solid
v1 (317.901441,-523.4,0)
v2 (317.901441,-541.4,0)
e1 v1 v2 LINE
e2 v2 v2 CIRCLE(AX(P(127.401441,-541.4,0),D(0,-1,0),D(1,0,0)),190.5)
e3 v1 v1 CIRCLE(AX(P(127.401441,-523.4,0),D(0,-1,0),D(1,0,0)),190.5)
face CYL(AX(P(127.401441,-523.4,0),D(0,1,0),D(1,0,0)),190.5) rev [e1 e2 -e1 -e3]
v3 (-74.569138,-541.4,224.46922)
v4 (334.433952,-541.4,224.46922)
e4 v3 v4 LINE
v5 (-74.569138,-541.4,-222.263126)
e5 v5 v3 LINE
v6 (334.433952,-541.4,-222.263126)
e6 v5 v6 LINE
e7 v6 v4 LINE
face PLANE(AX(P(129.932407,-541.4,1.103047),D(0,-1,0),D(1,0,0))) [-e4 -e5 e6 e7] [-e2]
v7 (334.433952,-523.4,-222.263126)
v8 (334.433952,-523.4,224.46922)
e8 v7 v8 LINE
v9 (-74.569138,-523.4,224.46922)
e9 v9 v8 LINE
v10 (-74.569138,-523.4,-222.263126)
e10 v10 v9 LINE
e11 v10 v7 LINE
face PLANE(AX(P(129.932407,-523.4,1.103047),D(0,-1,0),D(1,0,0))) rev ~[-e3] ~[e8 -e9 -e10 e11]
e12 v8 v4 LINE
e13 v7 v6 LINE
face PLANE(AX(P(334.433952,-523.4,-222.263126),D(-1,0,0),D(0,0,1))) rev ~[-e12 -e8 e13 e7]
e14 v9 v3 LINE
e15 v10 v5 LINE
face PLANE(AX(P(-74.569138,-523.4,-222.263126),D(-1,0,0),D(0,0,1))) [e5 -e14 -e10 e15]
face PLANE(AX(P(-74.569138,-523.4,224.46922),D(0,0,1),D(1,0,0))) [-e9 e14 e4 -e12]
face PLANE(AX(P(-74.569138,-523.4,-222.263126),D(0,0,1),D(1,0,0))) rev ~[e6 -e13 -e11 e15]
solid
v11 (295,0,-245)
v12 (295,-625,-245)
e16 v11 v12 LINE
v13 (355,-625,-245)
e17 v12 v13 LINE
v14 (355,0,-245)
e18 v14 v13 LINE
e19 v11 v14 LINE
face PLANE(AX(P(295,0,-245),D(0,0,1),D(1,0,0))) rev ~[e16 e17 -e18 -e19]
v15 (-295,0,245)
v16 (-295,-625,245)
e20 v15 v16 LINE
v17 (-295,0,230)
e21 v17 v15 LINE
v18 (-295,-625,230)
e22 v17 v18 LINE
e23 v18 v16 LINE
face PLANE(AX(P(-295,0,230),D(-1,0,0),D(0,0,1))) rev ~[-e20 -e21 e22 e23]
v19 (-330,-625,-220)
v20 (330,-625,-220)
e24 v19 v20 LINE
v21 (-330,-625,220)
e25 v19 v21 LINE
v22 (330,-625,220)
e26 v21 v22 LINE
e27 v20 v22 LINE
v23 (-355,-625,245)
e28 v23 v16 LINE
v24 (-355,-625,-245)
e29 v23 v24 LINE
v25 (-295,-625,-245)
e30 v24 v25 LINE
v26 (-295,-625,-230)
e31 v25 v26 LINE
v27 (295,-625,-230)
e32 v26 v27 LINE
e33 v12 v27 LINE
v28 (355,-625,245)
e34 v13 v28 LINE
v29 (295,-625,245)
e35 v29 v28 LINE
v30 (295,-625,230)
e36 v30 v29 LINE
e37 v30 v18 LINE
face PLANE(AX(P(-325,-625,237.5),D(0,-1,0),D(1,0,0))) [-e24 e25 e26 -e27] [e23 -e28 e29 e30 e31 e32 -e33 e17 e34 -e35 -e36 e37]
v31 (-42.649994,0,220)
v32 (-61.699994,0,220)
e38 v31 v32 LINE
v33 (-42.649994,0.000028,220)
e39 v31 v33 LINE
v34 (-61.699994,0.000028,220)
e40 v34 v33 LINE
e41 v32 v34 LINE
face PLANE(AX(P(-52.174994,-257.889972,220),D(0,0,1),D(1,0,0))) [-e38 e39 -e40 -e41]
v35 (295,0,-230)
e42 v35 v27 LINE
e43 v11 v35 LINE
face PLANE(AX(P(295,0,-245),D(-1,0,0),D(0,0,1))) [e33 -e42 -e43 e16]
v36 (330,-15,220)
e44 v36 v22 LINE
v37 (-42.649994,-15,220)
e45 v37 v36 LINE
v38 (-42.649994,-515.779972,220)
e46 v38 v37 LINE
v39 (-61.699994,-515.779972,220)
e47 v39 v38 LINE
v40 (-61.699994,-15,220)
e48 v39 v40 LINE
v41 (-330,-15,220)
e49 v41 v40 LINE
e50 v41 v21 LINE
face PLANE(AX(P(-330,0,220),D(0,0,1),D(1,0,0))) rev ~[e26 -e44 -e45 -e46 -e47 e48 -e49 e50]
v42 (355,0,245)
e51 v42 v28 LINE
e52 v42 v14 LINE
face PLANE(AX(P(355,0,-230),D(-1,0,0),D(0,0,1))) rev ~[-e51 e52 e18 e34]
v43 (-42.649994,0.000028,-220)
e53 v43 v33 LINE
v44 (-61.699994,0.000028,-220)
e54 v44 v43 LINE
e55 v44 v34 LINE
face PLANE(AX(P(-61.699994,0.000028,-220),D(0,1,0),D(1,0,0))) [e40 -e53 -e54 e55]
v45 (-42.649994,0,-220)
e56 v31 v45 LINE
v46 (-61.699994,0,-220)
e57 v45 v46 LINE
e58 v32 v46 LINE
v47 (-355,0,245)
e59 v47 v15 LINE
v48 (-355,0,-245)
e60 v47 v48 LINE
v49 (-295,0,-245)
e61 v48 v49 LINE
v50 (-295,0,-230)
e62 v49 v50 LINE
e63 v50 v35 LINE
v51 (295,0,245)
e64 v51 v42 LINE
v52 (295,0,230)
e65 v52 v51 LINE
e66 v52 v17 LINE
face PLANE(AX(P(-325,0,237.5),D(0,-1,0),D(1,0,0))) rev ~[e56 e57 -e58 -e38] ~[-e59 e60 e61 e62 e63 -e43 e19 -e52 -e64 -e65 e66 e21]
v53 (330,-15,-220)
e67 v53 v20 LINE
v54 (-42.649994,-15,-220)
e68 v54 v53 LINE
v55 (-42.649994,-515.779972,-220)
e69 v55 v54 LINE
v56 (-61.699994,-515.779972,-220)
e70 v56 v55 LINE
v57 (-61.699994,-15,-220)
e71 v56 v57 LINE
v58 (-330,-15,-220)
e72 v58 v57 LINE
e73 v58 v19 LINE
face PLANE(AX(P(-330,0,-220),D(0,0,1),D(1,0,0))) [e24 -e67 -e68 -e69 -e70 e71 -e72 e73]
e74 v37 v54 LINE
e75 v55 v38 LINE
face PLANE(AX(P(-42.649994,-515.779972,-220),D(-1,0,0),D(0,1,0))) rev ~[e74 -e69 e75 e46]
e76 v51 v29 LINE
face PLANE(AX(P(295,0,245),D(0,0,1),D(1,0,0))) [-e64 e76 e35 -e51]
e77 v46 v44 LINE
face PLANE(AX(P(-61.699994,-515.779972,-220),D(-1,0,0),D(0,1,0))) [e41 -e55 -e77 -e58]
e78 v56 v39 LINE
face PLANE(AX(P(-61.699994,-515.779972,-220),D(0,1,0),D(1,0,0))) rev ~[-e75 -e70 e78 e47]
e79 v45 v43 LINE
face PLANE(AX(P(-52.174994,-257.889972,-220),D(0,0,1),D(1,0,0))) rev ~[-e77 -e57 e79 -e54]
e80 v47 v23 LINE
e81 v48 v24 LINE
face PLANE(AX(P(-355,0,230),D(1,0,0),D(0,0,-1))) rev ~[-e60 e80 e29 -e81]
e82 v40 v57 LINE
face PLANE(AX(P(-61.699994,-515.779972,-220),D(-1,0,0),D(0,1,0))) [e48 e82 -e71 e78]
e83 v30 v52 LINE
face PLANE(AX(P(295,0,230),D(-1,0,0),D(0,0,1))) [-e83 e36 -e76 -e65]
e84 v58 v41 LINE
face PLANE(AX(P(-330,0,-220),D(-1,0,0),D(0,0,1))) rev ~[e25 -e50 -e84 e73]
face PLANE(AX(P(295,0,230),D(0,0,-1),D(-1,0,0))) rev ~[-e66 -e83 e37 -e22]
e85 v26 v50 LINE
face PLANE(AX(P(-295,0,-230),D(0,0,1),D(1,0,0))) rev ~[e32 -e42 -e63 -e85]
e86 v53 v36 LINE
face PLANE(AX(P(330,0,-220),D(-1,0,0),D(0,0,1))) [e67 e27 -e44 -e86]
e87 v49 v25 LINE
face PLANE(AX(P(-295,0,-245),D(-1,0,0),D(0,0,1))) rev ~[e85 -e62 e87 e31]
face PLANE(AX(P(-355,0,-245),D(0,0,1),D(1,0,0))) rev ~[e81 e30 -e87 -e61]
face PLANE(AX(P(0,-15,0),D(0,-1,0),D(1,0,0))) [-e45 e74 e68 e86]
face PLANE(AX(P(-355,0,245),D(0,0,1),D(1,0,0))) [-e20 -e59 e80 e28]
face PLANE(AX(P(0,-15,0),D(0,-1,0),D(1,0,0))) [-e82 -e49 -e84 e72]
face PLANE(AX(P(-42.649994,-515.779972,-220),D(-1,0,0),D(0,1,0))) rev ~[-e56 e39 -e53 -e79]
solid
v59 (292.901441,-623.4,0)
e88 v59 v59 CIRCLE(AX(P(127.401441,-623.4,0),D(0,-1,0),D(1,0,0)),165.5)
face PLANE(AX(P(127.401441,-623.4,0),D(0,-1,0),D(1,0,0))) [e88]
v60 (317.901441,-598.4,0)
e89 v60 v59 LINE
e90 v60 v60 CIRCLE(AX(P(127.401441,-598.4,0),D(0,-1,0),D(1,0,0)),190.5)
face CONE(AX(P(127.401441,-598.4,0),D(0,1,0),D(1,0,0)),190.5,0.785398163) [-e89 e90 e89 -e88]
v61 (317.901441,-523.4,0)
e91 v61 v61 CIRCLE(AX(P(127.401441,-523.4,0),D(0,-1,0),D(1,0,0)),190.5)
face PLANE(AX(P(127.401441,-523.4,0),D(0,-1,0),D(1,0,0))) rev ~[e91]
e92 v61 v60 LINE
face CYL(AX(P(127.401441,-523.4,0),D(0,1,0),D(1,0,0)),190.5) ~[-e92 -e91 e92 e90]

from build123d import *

# Parameters (mm, degrees)
F0_W     = 60
F0_H     = 15
F0_W_2   = 660
F0_H_2   = 440
F1_DEPTH = 625
F2_DEPTH = 15
F4_R     = 190.5
F5_DEPTH = 100
F6_SIZE  = 25
F4_W     = 409.003091
F4_H     = 446.732346
F7_DEPTH = 18
F8_W     = 19.05
F8_H     = 515.78
F9_DEPTH = 440


with BuildPart() as f1:
    # F0 (on Front) → F1 (new body)
    with BuildSketch(Plane.XZ):
        with Locations((-325, 237.5)):
            Rectangle(F0_W, F0_H)
        with Locations((325, 237.5)):
            Rectangle(F0_W, F0_H)
        with Locations((325, -237.5)):
            Rectangle(F0_W, F0_H)
        with Locations((-325, -237.5)):
            Rectangle(F0_W, F0_H)
        Polygon((-295, 230), (-355, 230), (-355, -230), (-295, -230), (295, -230), (355, -230), (355, 230), (295, 230), align=None)
        Rectangle(F0_W_2, F0_H_2, mode=Mode.SUBTRACT)
    extrude(amount=F1_DEPTH)

    # F0 (on Front) → F2 (join)
    with BuildSketch(Plane.XZ):
        Polygon((-295, 230), (-355, 230), (-355, -230), (-295, -230), (295, -230), (355, -230), (355, 230), (295, 230), align=None)
        Rectangle(F0_W_2, F0_H_2, mode=Mode.SUBTRACT)
        Rectangle(F0_W_2, F0_H_2)
    extrude(amount=F2_DEPTH)

    # F8 (on face) → F9 (join)
    with BuildSketch(Plane.XY.offset(-220)):
        with Locations((-52.174994, -257.889972)):
            Rectangle(F8_W, F8_H)
    extrude(amount=F9_DEPTH)


with BuildPart() as f5:
    # F4 (on offset) → F5 (new body)
    with BuildSketch(Plane.XZ.offset(523.4)):
        with Locations((127.401441, 0)):
            Circle(F4_R)
    extrude(amount=F5_DEPTH)

    # F6
    f6_edges = [f5.edges().sort_by_distance(p)[0] for p in [
        (-63.098559, -623.4, 0),
    ]]
    chamfer(f6_edges, length=F6_SIZE)


with BuildPart() as f7:
    # F4 (on offset) → F7 (new body)
    with BuildSketch(Plane.XZ.offset(523.4)):
        with Locations((129.932407, 1.103047)):
            Rectangle(F4_W, F4_H)
        with Locations((127.401441, 0)):
            Circle(F4_R, mode=Mode.SUBTRACT)
    extrude(amount=F7_DEPTH)


solid = Compound([f1.part, f5.part, f7.part])
